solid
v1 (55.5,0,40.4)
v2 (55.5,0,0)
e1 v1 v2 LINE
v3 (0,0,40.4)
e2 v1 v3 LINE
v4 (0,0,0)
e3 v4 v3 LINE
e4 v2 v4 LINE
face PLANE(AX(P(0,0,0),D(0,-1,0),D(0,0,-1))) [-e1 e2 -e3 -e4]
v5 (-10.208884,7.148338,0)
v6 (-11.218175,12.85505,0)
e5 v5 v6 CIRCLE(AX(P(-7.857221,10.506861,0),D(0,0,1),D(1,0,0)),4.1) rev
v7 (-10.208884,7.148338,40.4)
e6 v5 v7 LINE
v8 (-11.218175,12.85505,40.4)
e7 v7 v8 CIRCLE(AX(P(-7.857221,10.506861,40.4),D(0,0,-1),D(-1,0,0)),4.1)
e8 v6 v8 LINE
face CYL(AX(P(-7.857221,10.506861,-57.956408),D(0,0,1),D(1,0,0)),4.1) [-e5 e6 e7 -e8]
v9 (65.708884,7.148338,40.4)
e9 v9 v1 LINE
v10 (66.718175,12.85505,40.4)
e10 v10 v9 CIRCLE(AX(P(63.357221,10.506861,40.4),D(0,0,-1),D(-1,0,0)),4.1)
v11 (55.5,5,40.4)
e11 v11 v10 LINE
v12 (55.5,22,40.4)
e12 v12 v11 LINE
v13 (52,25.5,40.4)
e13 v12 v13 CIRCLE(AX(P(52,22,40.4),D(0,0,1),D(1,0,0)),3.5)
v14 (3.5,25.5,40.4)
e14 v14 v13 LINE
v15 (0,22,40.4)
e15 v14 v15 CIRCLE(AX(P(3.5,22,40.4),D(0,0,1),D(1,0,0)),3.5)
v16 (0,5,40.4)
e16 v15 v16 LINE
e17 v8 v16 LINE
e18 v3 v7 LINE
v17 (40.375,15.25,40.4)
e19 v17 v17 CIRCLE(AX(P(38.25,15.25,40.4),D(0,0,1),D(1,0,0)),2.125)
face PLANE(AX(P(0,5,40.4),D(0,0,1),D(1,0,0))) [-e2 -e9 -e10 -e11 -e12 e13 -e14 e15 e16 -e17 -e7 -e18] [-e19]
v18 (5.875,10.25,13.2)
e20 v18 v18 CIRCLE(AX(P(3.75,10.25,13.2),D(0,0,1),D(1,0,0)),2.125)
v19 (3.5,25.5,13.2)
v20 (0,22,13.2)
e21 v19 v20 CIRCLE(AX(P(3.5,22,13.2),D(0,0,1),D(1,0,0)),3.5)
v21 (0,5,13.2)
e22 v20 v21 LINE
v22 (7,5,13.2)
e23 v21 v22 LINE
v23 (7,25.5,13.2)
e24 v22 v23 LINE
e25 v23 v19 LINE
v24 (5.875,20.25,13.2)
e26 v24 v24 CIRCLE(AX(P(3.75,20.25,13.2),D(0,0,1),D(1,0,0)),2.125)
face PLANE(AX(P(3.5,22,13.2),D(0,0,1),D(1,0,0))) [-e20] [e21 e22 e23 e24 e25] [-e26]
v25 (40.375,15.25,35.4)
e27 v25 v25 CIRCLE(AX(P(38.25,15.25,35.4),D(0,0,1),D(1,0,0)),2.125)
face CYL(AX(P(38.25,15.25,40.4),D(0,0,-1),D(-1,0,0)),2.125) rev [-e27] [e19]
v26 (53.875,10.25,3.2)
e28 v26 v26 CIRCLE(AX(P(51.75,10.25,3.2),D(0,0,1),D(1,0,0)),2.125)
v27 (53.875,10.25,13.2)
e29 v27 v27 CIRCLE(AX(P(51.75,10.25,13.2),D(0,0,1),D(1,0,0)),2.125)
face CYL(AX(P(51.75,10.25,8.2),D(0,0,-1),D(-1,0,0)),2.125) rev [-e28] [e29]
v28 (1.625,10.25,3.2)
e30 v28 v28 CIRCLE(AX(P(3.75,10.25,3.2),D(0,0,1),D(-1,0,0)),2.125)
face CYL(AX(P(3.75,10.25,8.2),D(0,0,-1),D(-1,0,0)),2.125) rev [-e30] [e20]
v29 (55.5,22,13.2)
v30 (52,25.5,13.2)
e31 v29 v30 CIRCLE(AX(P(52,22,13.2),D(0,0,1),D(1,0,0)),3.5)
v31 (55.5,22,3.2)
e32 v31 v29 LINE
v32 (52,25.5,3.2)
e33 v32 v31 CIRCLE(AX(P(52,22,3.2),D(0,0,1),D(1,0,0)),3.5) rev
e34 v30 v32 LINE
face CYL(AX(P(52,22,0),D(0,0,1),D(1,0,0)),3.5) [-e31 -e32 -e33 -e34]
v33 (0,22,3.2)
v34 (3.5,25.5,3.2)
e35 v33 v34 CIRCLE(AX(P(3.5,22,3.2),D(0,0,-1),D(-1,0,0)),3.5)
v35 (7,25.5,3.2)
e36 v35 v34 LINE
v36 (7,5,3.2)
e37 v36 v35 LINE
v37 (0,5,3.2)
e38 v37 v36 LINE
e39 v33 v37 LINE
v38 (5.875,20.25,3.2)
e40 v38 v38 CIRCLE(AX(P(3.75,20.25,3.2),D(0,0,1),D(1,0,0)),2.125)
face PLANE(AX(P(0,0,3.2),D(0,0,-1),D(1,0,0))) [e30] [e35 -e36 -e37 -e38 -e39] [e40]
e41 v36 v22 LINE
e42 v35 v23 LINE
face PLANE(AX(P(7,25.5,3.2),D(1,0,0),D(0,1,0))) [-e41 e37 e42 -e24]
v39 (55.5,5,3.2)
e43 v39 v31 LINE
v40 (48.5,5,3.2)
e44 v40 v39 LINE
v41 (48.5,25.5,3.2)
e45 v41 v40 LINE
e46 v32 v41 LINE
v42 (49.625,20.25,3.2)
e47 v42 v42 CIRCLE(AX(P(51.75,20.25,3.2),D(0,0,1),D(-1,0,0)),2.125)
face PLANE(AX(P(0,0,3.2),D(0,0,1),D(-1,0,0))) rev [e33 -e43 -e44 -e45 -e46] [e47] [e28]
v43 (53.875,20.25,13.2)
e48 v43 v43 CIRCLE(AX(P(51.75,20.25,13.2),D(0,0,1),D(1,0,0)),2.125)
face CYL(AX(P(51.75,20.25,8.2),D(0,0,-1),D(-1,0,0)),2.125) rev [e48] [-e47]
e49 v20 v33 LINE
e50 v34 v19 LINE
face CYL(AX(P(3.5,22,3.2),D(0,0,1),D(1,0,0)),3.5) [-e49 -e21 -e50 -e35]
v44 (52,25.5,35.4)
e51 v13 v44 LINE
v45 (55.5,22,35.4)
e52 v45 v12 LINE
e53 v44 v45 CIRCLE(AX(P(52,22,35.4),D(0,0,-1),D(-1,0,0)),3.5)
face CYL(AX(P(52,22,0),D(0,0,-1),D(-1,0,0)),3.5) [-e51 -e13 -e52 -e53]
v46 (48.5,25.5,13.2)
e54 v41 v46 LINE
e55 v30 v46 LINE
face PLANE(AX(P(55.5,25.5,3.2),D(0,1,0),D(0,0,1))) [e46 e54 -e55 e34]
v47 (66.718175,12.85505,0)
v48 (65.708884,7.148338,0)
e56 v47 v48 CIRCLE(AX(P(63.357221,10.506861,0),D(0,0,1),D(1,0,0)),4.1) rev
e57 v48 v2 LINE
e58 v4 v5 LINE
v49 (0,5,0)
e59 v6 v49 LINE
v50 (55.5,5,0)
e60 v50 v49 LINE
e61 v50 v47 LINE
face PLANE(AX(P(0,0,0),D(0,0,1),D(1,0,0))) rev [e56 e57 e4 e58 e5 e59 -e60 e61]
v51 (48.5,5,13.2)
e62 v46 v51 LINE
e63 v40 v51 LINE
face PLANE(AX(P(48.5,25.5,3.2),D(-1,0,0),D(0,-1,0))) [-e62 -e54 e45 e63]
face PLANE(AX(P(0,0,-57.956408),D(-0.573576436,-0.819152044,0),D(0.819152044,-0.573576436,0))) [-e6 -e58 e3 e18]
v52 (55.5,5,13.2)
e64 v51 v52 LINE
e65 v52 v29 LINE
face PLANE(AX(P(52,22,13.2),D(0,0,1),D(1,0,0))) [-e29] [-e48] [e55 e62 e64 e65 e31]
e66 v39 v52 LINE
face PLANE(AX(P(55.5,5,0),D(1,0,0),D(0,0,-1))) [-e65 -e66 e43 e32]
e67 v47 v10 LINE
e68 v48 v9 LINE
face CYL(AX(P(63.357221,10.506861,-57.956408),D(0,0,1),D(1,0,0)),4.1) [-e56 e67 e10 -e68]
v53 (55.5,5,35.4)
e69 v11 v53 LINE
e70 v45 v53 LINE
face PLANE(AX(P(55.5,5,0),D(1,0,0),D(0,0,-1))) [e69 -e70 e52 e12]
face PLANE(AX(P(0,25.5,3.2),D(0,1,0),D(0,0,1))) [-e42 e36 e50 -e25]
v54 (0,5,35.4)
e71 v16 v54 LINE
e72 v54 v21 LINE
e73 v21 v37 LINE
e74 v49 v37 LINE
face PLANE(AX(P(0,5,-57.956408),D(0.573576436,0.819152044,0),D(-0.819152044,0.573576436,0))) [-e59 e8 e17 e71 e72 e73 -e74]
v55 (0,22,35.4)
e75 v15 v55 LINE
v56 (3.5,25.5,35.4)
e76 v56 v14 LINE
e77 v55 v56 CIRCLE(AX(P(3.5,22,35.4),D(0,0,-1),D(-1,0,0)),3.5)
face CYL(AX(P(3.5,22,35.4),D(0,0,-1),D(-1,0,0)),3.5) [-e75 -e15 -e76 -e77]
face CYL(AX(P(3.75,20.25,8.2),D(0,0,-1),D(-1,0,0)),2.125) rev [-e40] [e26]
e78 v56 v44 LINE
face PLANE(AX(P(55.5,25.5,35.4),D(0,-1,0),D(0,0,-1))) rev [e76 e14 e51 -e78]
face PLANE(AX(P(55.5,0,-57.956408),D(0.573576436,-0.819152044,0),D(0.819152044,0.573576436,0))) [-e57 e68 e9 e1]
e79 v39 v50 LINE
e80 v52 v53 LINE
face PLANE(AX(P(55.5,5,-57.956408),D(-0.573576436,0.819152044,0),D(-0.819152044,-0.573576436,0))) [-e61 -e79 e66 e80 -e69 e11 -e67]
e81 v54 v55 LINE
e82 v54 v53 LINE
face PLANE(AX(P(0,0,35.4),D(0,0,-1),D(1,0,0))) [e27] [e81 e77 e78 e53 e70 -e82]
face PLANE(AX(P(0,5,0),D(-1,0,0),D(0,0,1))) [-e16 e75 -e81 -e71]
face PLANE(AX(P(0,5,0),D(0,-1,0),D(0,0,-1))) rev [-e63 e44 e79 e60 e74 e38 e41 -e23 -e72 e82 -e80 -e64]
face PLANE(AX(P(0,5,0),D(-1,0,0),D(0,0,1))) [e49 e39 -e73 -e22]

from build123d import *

# Parameters (mm, degrees)
SKETCH1_W            = 55.5
SKETCH1_H            = 40.4
BASE_DEPTH           = 5
SKETCH2_W            = 55.5
SKETCH2_H            = 25.5
WALL_DEPTH           = 5
SKETCH3_W            = 7
SKETCH3_H            = 20.5
MOUNTINGTABS_DEPTH   = 5
LIPS_REACH           = 75.23
SKETCH5_R            = 2.125
MOUNTINGHOLES_DEPTH  = 5
FILLETS_R            = 3.5
SKETCH6_R            = 2.125
THROUGHHOLE_DEPTH    = 5
FILLETS_OF_MIRROR3_R = 3.5
SKETCH7_W            = 104.516790574
SKETCH7_H            = 66.327963249
CUT_EXTRUDE1_DEPTH   = 73
SKETCH8_R            = 2.125
BOSS_EXTRUDE1_DEPTH  = 5


with BuildPart() as part:
    # Sketch1 → base (new body)
    with BuildSketch(Plane(origin=(0, 0, 0), x_dir=(1, 0, 0), z_dir=(0, 1, 0))):
        with Locations((27.75, 20.2)):
            Rectangle(SKETCH1_W, SKETCH1_H)
    base = extrude(amount=BASE_DEPTH)

    # Sketch2 → wall (add)
    with BuildSketch(Plane(origin=(0, 0, -40.4), x_dir=(-1, 0, 0), z_dir=(0, 0, -1))):
        with Locations((-27.75, 12.75)):
            Rectangle(SKETCH2_W, SKETCH2_H)
    wall = extrude(amount=-WALL_DEPTH)

    # Sketch3 → mountingTabs (add)
    with BuildSketch(Plane.XY.offset(-8.2)):
        with Locations((3.5, 15.25)):
            Rectangle(SKETCH3_W, SKETCH3_H)
        with Locations((52, 15.25)):
            Rectangle(SKETCH3_W, SKETCH3_H)
    mountingtabs = extrude(amount=MOUNTINGTABS_DEPTH)

    # lips: up to this face of the body (flat: up to its plane)
    lips_end = Plane(part.part.faces().sort_by_distance((27.75, 12.75, -40.4))[0])
    # Sketch4 → lips (add, up to the picked face)
    with BuildSketch(Plane.XY, mode=Mode.PRIVATE) as lips_sk1:
        with BuildLine():
            Line((0, 0), (-10.208884478, 7.148337868))
            ThreePointArc((-10.208884478, 7.148337868), (-11.894564223, 9.792816133), (-11.218174515, 12.85505036))
            Line((-11.218174515, 12.85505036), (0, 5))
            Line((0, 5), (0, 0))
        make_face()
    lips_tool1 = split(extrude(lips_sk1.sketch, amount=-LIPS_REACH, mode=Mode.PRIVATE), bisect_by=lips_end, keep=Keep.BOTH, mode=Mode.PRIVATE)
    # Sketch4 → lips (add, up to the picked face)
    with BuildSketch(Plane.XY, mode=Mode.PRIVATE) as lips_sk2:
        with BuildLine():
            Line((55.5, 5), (66.718174515, 12.85505036))
            ThreePointArc((66.718174515, 12.85505036), (67.394564223, 9.792816133), (65.708884478, 7.148337868))
            Line((65.708884478, 7.148337868), (55.5, 0))
            Line((55.5, 0), (55.5, 5))
        make_face()
    lips_tool2 = split(extrude(lips_sk2.sketch, amount=-LIPS_REACH, mode=Mode.PRIVATE), bisect_by=lips_end, keep=Keep.BOTH, mode=Mode.PRIVATE)
    lips_1 = lips_tool1.solids().sort_by(Axis((-5.839287, 6.590277, 0), (0, 0, -1)))[0]
    add(lips_1)
    lips_2 = lips_tool2.solids().sort_by(Axis((61.339287, 6.590277, 0), (0, 0, -1)))[0]
    add(lips_2)
    lips = lips_1 + lips_2  # lips as one shape, for the pattern or mirror that repeats it

    # Sketch5 → mountingHoles (cut)
    with BuildSketch(Plane.XY.offset(-3.2)):
        with Locations((3.75, 20.25)):
            Circle(SKETCH5_R)
        with Locations(Location((3.75, 10.25, 0), (0, 0, 180))):
            Circle(SKETCH5_R)
        with Locations((51.75, 10.25)):
            Circle(SKETCH5_R)
        with Locations(Location((51.75, 20.25, 0), (0, 0, 180))):
            Circle(SKETCH5_R)
    mountingholes = extrude(amount=-MOUNTINGHOLES_DEPTH, mode=Mode.SUBTRACT)

    # fillets
    fillets_edges = [part.edges().sort_by_distance(p)[0] for p in [
        (0, 25.5, -37.9),
        (55.5, 25.5, -37.9),
        (0, 25.5, -5.7),
        (55.5, 25.5, -5.7),
    ]]
    fillet(fillets_edges, radius=FILLETS_R)

    # Sketch6 → throughHole (cut)
    with BuildSketch(Plane.XY.offset(-35.4)):
        with Locations((38.25, 15.25)):
            Circle(SKETCH6_R)
    throughhole = extrude(amount=-THROUGHHOLE_DEPTH, mode=Mode.SUBTRACT)

    # Mirror3: base, wall, mountingTabs, lips, mountingHoles, throughHole across plane
    add(base.mirror(Plane.XY))
    add(wall.mirror(Plane.XY))
    add(mountingtabs.mirror(Plane.XY))
    add(lips.mirror(Plane.XY))
    add(mountingholes.mirror(Plane.XY), mode=Mode.SUBTRACT)
    add(throughhole.mirror(Plane.XY), mode=Mode.SUBTRACT)

    # fillets of Mirror3
    fillets_of_mirror3_edges = [part.edges().sort_by_distance(p)[0] for p in [
        (0, 25.5, 37.9),
        (55.5, 25.5, 37.9),
        (0, 25.5, 5.7),
        (55.5, 25.5, 5.7),
    ]]
    fillet(fillets_of_mirror3_edges, radius=FILLETS_OF_MIRROR3_R)

    # Sketch7 → Cut-Extrude1 (cut)
    with BuildSketch(Plane.XY):
        with Locations((25.489671827, 15.622702088)):
            Rectangle(SKETCH7_W, SKETCH7_H)
    extrude(amount=-CUT_EXTRUDE1_DEPTH, mode=Mode.SUBTRACT)

    # Sketch8 → Boss-Extrude1 (add)
    # profile 1 of 2: a face of its own
    with BuildSketch(Plane.XY.offset(8.2)):
        with BuildLine():
            Line((7, 25.5), (3.5, 25.5))
            ThreePointArc((3.5, 25.5), (1.025126266, 24.474873734), (0, 22))
            Line((0, 22), (0, 5))
            Line((0, 5), (7, 5))
            Line((7, 5), (7, 25.5))
        make_face()
        with Locations((3.75, 20.25)):
            Circle(SKETCH8_R, mode=Mode.SUBTRACT)
        with Locations(Location((3.75, 10.25, 0), (0, 0, 180))):
            Circle(SKETCH8_R, mode=Mode.SUBTRACT)
    # profile 2 of 2: a face of its own
    with BuildSketch(Plane.XY.offset(8.2)):
        with BuildLine():
            Line((55.5, 5), (55.5, 22))
            ThreePointArc((55.5, 22), (54.474873734, 24.474873734), (52, 25.5))
            Line((52, 25.5), (48.5, 25.5))
            Line((48.5, 25.5), (48.5, 5))
            Line((48.5, 5), (55.5, 5))
        make_face()
        with Locations(Location((51.75, 20.25, 0), (0, 0, 180))):
            Circle(SKETCH8_R, mode=Mode.SUBTRACT)
        with Locations((51.75, 10.25)):
            Circle(SKETCH8_R, mode=Mode.SUBTRACT)
    extrude(amount=BOSS_EXTRUDE1_DEPTH)


solid = part.part
